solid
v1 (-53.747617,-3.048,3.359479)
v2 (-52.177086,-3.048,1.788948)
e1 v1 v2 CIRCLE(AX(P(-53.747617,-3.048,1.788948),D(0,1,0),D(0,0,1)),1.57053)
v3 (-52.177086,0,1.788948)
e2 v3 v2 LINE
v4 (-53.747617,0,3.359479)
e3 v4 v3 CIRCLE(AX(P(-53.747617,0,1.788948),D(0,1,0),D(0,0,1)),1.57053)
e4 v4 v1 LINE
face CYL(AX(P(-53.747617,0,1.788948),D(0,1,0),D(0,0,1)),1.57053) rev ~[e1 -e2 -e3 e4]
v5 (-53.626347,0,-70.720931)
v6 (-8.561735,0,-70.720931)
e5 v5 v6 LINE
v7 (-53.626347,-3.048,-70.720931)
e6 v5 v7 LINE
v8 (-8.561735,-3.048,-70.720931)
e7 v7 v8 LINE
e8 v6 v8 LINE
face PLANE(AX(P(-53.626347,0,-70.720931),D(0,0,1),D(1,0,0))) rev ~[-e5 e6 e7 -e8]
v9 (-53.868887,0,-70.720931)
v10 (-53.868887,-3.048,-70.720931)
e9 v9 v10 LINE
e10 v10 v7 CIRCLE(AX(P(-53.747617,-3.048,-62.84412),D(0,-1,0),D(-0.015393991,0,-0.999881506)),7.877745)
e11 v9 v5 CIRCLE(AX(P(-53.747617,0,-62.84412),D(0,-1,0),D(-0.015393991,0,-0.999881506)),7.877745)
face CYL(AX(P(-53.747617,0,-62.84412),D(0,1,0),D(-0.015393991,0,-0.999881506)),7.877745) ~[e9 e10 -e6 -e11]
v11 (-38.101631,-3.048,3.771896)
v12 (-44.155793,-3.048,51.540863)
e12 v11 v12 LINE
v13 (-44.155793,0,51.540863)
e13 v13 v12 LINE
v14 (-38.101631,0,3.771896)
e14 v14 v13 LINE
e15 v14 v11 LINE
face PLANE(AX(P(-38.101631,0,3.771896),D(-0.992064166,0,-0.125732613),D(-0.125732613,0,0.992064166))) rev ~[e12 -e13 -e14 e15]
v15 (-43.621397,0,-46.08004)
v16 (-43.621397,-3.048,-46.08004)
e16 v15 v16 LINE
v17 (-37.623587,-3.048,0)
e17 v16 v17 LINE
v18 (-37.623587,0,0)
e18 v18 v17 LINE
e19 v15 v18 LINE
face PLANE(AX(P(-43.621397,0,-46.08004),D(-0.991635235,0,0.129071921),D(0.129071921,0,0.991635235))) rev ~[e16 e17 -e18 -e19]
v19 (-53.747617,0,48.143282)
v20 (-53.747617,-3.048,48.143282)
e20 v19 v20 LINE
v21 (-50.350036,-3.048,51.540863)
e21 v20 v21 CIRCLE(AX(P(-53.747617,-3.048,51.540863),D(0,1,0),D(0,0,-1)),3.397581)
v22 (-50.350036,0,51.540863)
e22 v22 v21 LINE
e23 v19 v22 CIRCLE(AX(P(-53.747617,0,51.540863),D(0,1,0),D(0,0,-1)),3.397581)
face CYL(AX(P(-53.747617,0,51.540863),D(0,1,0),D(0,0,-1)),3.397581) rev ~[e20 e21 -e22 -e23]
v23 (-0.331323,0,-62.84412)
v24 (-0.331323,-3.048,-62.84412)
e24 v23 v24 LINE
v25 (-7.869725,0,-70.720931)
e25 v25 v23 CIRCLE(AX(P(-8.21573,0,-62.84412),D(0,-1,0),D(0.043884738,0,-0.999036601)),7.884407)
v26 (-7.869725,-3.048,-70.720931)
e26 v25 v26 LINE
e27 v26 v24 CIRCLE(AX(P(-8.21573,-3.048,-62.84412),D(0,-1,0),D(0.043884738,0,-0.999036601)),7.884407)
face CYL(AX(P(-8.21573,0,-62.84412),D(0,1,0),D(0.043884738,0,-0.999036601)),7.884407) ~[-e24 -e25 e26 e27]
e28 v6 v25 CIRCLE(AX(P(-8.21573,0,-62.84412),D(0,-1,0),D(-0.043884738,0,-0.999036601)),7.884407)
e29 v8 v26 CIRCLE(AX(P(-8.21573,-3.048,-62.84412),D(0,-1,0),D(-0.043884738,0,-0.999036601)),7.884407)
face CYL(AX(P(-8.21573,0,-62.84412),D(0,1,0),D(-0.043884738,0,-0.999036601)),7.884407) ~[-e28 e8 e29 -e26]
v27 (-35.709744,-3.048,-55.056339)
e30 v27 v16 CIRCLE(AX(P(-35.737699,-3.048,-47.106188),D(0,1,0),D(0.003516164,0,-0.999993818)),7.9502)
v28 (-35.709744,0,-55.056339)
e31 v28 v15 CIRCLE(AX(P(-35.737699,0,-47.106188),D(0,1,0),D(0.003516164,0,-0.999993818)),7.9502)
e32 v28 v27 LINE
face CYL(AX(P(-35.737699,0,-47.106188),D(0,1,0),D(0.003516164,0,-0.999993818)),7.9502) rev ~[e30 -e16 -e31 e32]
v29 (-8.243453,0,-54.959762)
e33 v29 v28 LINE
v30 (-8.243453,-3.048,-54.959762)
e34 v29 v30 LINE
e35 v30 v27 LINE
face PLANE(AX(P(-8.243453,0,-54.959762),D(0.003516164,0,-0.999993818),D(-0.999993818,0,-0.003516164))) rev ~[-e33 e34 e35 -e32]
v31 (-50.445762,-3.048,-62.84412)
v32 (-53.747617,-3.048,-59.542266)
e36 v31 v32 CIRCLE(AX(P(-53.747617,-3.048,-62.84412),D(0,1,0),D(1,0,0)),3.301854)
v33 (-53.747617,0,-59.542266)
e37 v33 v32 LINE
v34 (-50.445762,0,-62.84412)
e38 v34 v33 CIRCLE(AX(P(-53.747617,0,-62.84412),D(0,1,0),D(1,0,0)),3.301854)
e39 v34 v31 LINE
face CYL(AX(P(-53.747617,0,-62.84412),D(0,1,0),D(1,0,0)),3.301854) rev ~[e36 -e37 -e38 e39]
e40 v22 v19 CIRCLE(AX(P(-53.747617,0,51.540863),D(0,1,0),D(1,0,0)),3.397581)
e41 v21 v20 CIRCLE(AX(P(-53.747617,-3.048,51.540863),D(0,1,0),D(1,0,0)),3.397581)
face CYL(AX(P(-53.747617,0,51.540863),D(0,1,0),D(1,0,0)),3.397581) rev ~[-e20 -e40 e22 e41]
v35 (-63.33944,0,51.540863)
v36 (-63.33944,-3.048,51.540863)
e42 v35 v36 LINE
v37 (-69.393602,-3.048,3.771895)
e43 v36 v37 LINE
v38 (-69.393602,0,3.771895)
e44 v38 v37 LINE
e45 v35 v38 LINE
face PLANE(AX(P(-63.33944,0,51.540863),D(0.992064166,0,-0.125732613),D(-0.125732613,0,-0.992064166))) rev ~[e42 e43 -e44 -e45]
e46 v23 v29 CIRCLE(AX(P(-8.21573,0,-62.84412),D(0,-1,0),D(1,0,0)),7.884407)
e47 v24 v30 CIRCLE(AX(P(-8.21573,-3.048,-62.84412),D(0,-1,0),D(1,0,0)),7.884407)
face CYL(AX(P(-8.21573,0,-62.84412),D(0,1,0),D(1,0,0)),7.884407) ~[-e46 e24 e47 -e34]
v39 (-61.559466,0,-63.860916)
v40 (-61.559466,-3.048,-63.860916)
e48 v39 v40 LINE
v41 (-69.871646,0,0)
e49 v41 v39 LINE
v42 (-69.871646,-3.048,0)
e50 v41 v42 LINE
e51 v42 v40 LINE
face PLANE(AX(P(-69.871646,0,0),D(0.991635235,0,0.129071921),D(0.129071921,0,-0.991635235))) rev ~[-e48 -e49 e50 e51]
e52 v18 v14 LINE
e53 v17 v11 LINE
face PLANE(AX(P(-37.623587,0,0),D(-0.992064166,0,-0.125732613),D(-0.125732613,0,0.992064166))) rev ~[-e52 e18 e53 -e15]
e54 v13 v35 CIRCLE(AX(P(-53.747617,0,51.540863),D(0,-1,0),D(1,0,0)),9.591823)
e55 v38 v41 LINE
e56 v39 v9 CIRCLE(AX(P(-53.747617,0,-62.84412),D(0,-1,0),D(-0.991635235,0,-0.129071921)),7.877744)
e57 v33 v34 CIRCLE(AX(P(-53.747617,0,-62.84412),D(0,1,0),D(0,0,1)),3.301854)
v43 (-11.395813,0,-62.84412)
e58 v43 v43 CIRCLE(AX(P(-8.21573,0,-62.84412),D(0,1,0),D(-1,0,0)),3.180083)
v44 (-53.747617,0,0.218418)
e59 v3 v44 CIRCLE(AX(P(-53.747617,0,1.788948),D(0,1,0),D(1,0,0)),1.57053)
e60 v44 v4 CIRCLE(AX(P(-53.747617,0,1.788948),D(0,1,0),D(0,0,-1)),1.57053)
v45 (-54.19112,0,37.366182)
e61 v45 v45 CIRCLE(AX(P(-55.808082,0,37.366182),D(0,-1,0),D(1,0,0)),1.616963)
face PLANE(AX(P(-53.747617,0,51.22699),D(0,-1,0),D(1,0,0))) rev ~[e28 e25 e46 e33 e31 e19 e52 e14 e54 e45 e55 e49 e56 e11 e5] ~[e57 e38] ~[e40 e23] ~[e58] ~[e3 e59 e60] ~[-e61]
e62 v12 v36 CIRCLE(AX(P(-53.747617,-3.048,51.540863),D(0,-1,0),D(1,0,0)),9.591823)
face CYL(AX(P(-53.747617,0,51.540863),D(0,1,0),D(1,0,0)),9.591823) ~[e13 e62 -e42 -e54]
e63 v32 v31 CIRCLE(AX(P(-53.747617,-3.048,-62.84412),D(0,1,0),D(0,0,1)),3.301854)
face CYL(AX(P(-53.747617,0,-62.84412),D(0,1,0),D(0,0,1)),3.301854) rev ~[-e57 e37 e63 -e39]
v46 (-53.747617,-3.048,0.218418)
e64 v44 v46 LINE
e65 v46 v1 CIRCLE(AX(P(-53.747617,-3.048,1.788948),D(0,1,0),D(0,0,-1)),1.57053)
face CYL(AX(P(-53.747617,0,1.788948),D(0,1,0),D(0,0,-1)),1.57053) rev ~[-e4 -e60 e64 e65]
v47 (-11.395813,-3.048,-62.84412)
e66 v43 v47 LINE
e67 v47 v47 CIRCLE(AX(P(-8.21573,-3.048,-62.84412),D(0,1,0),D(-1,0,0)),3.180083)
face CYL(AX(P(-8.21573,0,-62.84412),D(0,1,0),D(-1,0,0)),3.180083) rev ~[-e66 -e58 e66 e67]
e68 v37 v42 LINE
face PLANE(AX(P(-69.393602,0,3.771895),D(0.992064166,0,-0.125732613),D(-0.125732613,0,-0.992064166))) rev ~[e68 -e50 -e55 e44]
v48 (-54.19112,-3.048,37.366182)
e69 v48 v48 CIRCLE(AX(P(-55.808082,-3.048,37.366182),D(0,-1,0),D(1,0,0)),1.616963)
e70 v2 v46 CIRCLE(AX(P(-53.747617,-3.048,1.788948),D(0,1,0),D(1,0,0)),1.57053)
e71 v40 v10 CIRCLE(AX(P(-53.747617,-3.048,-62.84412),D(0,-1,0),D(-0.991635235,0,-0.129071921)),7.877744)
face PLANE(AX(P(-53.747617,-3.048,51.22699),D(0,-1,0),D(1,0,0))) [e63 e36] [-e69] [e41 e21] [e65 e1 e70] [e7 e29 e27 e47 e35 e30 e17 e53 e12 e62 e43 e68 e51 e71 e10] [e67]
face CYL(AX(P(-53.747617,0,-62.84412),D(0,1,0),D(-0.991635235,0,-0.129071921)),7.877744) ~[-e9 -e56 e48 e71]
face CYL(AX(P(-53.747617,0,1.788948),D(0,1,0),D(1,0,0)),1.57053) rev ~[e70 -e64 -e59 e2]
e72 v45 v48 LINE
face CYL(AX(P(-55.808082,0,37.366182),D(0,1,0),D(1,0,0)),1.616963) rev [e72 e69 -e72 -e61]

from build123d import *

# Parameters (mm, degrees)
F0_R     = 1.6169626647
F1_DEPTH = 3.048


with BuildPart() as f1:
    # F0 (on Front) → F1 (new body)
    with BuildSketch(Plane.XZ):
        with BuildLine():
            ThreePointArc((-63.3394401935, 51.5408627689), (-60.5300601386, 44.7584193386), (-53.7476167083, 41.9490392837))
            ThreePointArc((-53.7476167083, 41.9490392837), (-46.9651732779, 44.7584193386), (-44.1557932231, 51.5408627689))
            ThreePointArc((-44.1557932231, 51.5408627689), (-53.7476167083, 61.1326862541), (-63.3394401935, 51.5408627689))
        make_face()
        with BuildLine():
            ThreePointArc((-50.3500356436, 51.5408627689), (-51.3451640978, 49.1384101584), (-53.7476167083, 48.1432817042))
            ThreePointArc((-53.7476167083, 48.1432817042), (-56.1500693187, 53.9433153794), (-50.3500356436, 51.5408627689))
        make_face(mode=Mode.SUBTRACT)
        with BuildLine():
            ThreePointArc((-44.1557932231, 51.5408627689), (-46.9651732779, 44.7584193386), (-53.7476167083, 41.9490392837))
            Line((-53.7476167083, 41.9490392837), (-53.7476167083, 17.560091))
            ThreePointArc((-53.7476167083, 17.560091), (-43.320354495, 13.6211561996), (-38.1016313362, 3.7718956578))
            Line((-38.1016313362, 3.7718956578), (-44.1557932231, 51.5408627689))
        make_face()
        with BuildLine():
            Line((-53.7476167083, 17.560091), (-53.7476167083, 41.9490392837))
            ThreePointArc((-53.7476167083, 41.9490392837), (-60.5300601386, 44.7584193386), (-63.3394401935, 51.5408627689))
            Line((-63.3394401935, 51.5408627689), (-69.3936021245, 3.7718953097))
            ThreePointArc((-69.3936021245, 3.7718953097), (-64.1748790532, 13.6211560835), (-53.7476167083, 17.560091))
        make_face()
        with Locations((-55.8080822229, 37.366181612)):
            Circle(F0_R, mode=Mode.SUBTRACT)
        with BuildLine():
            ThreePointArc((-38.1016313362, 3.7718956578), (-43.320354495, 13.6211561996), (-53.7476167083, 17.560091))
            Line((-53.7476167083, 17.560091), (-53.7476167083, 3.3594787524))
            ThreePointArc((-53.7476167083, 3.3594787524), (-52.6370840671, 2.8994810709), (-52.1770863857, 1.7889484297))
            ThreePointArc((-52.1770863857, 1.7889484297), (-52.6370840671, 0.6784157886), (-53.7476167083, 0.2184181071))
            Line((-53.7476167083, 0.2184181071), (-53.7476167083, -13.9821941405))
            ThreePointArc((-53.7476167083, -13.9821941405), (-42.5957348498, -9.3629334288), (-37.976474138, 1.7889484297))
            ThreePointArc((-37.976474138, 1.7889484297), (-38.0077945376, 2.78239496), (-38.1016313362, 3.7718956578))
        make_face()
        with BuildLine():
            Line((-53.7476167083, 3.3594787524), (-53.7476167083, 17.560091))
            ThreePointArc((-53.7476167083, 17.560091), (-64.1748790532, 13.6211560835), (-69.3936021245, 3.7718953097))
            ThreePointArc((-69.3936021245, 3.7718953097), (-65.5798243621, -8.6383139152), (-53.7476167083, -13.9821941405))
            Line((-53.7476167083, -13.9821941405), (-53.7476167083, 0.2184181071))
            ThreePointArc((-53.7476167083, 0.2184181071), (-55.3181470309, 1.7889484297), (-53.7476167083, 3.3594787524))
        make_face()
        with BuildLine():
            Line((-37.6235873609, 0), (-38.1016313362, 3.7718956578))
            ThreePointArc((-38.1016313362, 3.7718956578), (-38.0077945376, 2.78239496), (-37.976474138, 1.7889484297))
            ThreePointArc((-37.976474138, 1.7889484297), (-42.5957348498, -9.3629334288), (-53.7476167083, -13.9821941405))
            Line((-53.7476167083, -13.9821941405), (-53.7476167083, -54.9663756517))
            ThreePointArc((-53.7476167083, -54.9663756517), (-48.1772102832, -57.2737135409), (-45.869872394, -62.844119966))
            Line((-45.869872394, -62.844119966), (-16.1001367542, -62.844119966))
            ThreePointArc((-16.1001367542, -62.844119966), (-13.8006404187, -57.278812686), (-8.2434529492, -54.9597620295))
            Line((-8.2434529492, -54.9597620295), (-35.7097443, -55.0563386246))
            ThreePointArc((-35.7097443, -55.0563386246), (-41.7018969318, -52.3629945232), (-43.6213969554, -46.0800401807))
            Line((-43.6213969554, -46.0800401807), (-37.6235873609, 0))
        make_face()
        with BuildLine():
            ThreePointArc((-53.7476167083, -13.9821941405), (-65.5798243621, -8.6383139152), (-69.3936021245, 3.7718953097))
            Line((-69.3936021245, 3.7718953097), (-69.8716460556, 0))
            Line((-69.8716460556, 0), (-61.5594655419, -63.8609155613))
            ThreePointArc((-61.5594655419, -63.8609155613), (-59.6666078048, -57.6456201939), (-53.7476167083, -54.9663756517))
            Line((-53.7476167083, -54.9663756517), (-53.7476167083, -13.9821941405))
        make_face()
        with BuildLine():
            Line((-53.7476167083, -59.5422655519), (-53.7476167083, -54.9663756517))
            ThreePointArc((-53.7476167083, -54.9663756517), (-59.6666078048, -57.6456201939), (-61.5594655419, -63.8609155613))
            ThreePointArc((-61.5594655419, -63.8609155613), (-58.991522279, -68.7229217017), (-53.868886638, -70.7209308109))
            Line((-53.868886638, -70.7209308109), (-53.6263467786, -70.7209308109))
            ThreePointArc((-53.6263467786, -70.7209308109), (-48.1344986363, -68.371484708), (-45.869872394, -62.844119966))
            Line((-45.869872394, -62.844119966), (-50.4457622942, -62.844119966))
            ThreePointArc((-50.4457622942, -62.844119966), (-56.082380355, -65.1788836127), (-53.7476167083, -59.5422655519))
        make_face()
        with BuildLine():
            Line((-16.1001367542, -62.844119966), (-45.869872394, -62.844119966))
            ThreePointArc((-45.869872394, -62.844119966), (-48.1344986363, -68.371484708), (-53.6263467786, -70.7209308109))
            Line((-53.6263467786, -70.7209308109), (-8.5617351981, -70.7209308109))
            ThreePointArc((-8.5617351981, -70.7209308109), (-13.9118653342, -68.2955337071), (-16.1001367542, -62.844119966))
        make_face()
        with BuildLine():
            Line((-53.6263467786, -70.7209308109), (-53.868886638, -70.7209308109))
            ThreePointArc((-53.868886638, -70.7209308109), (-53.7476167083, -70.7218642803), (-53.6263467786, -70.7209308109))
        make_face()
        with BuildLine():
            ThreePointArc((-0.3313234028, -62.844119966), (-2.6504227985, -57.2592096259), (-8.2434529492, -54.9597620295))
            ThreePointArc((-8.2434529492, -54.9597620295), (-13.8006404187, -57.278812686), (-16.1001367542, -62.844119966))
            ThreePointArc((-16.1001367542, -62.844119966), (-13.9118653342, -68.2955337071), (-8.5617351981, -70.7209308109))
            Line((-8.5617351981, -70.7209308109), (-7.8697249589, -70.7209308109))
            ThreePointArc((-7.8697249589, -70.7209308109), (-2.5195948228, -68.2955337071), (-0.3313234028, -62.844119966))
        make_face()
        with BuildLine():
            ThreePointArc((-5.0356472554, -62.844119966), (-8.2157300785, -66.0242027891), (-11.3958129016, -62.844119966))
            ThreePointArc((-11.3958129016, -62.844119966), (-8.2157300785, -59.6640371429), (-5.0356472554, -62.844119966))
        make_face(mode=Mode.SUBTRACT)
        with BuildLine():
            Line((-7.8697249589, -70.7209308109), (-8.5617351981, -70.7209308109))
            ThreePointArc((-8.5617351981, -70.7209308109), (-8.2157300785, -70.7285266418), (-7.8697249589, -70.7209308109))
        make_face()
        with BuildLine():
            ThreePointArc((-45.869872394, -62.844119966), (-48.1772102832, -57.2737135409), (-53.7476167083, -54.9663756517))
            Line((-53.7476167083, -54.9663756517), (-53.7476167083, -59.5422655519))
            ThreePointArc((-53.7476167083, -59.5422655519), (-51.4128530616, -60.5093563193), (-50.4457622942, -62.844119966))
            Line((-50.4457622942, -62.844119966), (-45.869872394, -62.844119966))
        make_face()
    extrude(amount=F1_DEPTH)


solid = f1.part
